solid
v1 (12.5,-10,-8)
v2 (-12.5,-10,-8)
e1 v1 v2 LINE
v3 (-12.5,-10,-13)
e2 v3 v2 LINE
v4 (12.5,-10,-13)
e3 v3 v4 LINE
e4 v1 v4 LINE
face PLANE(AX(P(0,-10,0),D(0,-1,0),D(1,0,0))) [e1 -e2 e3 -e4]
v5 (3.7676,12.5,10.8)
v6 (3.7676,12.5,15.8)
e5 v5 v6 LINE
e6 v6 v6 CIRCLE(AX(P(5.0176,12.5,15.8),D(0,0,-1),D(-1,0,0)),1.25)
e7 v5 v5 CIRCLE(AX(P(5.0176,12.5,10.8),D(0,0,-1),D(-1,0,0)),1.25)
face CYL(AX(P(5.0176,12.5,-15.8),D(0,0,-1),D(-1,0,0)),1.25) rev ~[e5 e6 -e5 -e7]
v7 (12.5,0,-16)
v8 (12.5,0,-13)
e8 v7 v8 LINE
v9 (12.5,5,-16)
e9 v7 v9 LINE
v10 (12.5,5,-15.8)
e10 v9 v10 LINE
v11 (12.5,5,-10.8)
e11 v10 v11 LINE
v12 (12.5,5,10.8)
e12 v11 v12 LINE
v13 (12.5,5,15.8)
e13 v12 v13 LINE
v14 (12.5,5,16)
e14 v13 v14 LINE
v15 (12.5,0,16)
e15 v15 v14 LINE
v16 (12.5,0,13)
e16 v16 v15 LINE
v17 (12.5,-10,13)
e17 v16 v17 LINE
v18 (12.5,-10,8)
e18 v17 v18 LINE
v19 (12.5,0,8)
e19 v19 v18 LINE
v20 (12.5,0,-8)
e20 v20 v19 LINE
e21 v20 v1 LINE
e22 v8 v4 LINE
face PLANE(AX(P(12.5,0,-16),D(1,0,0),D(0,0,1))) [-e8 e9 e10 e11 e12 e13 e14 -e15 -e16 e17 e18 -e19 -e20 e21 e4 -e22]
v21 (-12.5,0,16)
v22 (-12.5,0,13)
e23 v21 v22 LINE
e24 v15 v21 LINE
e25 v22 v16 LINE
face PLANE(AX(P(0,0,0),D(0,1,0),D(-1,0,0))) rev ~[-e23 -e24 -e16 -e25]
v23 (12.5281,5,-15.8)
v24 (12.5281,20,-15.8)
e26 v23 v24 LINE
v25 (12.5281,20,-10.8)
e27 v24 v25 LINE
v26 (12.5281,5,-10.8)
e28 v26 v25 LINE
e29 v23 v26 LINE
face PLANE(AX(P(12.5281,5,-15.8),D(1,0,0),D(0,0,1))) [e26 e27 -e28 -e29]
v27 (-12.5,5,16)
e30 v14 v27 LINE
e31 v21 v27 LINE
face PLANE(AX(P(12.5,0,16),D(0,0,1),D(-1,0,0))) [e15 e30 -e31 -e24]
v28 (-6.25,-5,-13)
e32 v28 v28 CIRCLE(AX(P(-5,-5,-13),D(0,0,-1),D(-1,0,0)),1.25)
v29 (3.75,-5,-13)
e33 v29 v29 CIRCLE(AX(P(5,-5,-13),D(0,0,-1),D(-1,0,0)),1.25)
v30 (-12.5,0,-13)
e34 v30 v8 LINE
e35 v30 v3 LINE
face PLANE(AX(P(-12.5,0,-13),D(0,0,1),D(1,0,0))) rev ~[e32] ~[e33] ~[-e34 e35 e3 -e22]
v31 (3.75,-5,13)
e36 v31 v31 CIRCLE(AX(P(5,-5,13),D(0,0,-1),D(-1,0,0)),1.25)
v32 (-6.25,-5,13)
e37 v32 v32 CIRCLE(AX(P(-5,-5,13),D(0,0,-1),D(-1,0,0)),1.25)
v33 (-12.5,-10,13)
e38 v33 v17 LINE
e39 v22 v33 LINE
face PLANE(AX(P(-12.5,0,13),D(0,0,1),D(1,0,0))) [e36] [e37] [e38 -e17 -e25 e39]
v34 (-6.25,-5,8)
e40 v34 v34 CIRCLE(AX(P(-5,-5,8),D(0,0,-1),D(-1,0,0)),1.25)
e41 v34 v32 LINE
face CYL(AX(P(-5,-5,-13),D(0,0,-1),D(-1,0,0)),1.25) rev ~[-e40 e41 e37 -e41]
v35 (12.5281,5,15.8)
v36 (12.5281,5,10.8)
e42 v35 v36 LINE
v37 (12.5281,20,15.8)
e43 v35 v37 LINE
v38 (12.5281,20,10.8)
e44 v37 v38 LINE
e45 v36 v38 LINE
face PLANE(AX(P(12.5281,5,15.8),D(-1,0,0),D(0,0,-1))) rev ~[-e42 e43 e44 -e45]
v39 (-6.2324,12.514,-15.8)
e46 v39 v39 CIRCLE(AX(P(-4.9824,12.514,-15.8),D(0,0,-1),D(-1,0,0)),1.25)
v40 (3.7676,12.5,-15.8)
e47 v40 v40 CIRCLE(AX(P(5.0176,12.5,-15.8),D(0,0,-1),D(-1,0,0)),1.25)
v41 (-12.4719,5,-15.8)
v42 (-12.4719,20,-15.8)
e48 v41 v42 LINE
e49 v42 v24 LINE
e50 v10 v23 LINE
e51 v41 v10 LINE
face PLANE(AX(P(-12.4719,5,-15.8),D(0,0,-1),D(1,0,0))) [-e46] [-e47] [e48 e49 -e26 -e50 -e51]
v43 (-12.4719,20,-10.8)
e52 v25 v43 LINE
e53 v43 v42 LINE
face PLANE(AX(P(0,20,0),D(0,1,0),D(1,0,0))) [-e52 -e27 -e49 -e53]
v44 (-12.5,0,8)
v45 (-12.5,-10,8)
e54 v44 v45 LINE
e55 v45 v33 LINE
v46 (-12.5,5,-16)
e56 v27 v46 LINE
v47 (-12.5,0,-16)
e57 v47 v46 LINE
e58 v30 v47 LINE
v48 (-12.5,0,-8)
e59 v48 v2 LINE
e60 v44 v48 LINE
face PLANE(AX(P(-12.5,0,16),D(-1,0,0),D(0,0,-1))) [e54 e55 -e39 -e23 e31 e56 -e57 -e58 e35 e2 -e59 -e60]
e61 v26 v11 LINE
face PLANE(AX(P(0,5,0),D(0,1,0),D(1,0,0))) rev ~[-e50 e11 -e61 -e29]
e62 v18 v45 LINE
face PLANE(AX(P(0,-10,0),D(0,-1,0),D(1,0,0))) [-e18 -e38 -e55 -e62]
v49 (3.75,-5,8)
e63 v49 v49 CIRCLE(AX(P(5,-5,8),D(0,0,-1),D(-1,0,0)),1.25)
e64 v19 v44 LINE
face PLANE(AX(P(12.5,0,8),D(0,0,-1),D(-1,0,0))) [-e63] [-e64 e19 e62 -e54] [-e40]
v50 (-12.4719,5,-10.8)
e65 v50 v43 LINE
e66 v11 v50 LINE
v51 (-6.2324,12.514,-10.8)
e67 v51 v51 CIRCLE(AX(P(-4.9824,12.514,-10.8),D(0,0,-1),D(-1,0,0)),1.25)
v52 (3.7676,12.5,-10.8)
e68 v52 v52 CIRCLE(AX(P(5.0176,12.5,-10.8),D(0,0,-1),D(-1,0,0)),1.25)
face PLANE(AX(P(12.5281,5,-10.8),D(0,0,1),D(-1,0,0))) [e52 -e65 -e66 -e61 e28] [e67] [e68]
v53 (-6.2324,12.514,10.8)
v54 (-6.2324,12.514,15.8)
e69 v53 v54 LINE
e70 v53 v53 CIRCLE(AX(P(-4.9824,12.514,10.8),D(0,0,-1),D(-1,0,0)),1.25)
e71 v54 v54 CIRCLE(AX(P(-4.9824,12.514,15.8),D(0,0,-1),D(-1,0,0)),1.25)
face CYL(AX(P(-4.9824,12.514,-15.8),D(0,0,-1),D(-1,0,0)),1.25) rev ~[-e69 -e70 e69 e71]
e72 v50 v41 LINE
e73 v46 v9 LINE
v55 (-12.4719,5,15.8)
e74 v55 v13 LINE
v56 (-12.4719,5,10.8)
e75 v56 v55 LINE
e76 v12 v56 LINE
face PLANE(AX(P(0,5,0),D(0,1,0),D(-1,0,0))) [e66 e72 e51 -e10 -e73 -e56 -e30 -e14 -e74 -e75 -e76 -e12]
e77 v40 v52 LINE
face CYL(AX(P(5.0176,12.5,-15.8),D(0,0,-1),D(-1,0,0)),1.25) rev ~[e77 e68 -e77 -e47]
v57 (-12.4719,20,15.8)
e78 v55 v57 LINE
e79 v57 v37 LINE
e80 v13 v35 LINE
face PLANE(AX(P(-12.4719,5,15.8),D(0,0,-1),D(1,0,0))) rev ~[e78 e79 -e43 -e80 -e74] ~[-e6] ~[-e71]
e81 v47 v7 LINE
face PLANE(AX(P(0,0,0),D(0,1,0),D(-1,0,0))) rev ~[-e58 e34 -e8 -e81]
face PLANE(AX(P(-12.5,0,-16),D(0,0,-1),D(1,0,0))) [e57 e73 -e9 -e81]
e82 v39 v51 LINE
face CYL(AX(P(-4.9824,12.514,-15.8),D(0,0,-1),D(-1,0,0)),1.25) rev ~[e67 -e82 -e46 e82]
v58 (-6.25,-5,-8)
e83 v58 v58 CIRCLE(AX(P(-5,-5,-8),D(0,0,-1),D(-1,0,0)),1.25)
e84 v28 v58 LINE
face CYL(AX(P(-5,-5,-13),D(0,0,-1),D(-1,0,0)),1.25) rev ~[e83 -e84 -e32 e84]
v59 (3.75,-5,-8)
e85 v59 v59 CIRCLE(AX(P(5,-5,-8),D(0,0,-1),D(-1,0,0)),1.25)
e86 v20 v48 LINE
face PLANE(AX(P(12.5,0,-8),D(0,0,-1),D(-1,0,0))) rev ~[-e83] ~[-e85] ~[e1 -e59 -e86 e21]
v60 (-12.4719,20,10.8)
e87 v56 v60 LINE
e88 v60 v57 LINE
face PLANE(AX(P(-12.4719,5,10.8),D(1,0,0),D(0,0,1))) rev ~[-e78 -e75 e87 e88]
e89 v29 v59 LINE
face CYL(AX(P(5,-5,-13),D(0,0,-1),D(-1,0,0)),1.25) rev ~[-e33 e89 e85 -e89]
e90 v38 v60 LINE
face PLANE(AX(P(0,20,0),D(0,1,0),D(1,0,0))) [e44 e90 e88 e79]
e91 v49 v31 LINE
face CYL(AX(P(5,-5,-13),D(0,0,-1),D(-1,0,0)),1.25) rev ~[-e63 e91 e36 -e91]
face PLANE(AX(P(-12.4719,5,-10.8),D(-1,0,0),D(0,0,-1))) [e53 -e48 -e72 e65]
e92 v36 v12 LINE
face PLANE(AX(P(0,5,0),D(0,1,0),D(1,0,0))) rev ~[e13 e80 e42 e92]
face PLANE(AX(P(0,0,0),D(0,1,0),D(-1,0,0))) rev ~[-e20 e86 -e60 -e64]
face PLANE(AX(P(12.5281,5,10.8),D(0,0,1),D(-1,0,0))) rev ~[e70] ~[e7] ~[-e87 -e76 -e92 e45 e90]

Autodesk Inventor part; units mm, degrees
ref_plane "YZ Plane" through (0, 0, 0) normal (1, 0, 0) x (0, 1, 0)
ref_plane "XZ Plane" through (0, 0, 0) normal (0, 1, 0) x (-1, 0, 0)
ref_plane "XY Plane" through (0, 0, 0) normal (0, 0, 1) x (1, 0, 0)
sketch "스케치1" plane through (0, 0, 0) normal (0, 1, 0) x (-1, 0, 0)
  line L0 (-12.5, 16) -> (12.5, 16)
  line L1 (12.5, 16) -> (12.5, -16)
  line L2 (12.5, -16) -> (-12.5, -16)
  line L3 (-12.5, -16) -> (-12.5, 16)
  line L4 (-12.5, 16) -> (12.5, -16) construction
  line L5 (12.5, 16) -> (-12.5, -16) construction
  point P0 (0, 0)
  dimension "d0" = 25
  dimension "d1" = 32
extrude "돌출1" add sketch "스케치1" along normal blind 5
sketch "스케치2" plane through (0, 5, 0) normal (0, 1, 0) x (1, 0, 0)
  line L0 (-12.4719, -15.8) -> (12.5281, -15.8)
  line L1 (12.5281, -15.8) -> (12.5281, -10.8)
  line L2 (12.5281, -10.8) -> (-12.4719, -10.8)
  line L3 (-12.4719, -10.8) -> (-12.4719, -15.8)
  line L4 (-12.5, 16) -> (-12.5, -16) projected
  line L5 (-12.5, 0) -> (12.5281, 0)
  line L6 (-12.4719, 15.8) -> (12.5281, 15.8)
  line L7 (12.5281, 15.8) -> (12.5281, 10.8)
  line L8 (12.5281, 10.8) -> (-12.4719, 10.8)
  line L9 (-12.4719, 10.8) -> (-12.4719, 15.8)
  line L10 (-12.5, -16) -> (-12.5, 16)
  point P0 (0, 0)
  dimension "d4" = 25
  dimension "d5" = 5
  dimension "d24" = 21.6
extrude "돌출2" add sketch "스케치2" along normal blind 15
sketch "스케치3" plane through (12.5, 5, -15.8) normal (0, 0, -1) x (-1, 0, 0)
  circle A0 centre (7.4824, 7.5) radius 1.25
  line L0 (12.5, -5) -> (12.4719, 15)
  line L1 (24.9719, 15) -> (-0.0281, 15) projected
  line L2 (0, 0) -> (25, 0) projected
  circle A1 centre (17.4824, 7.514) radius 1.25
  dimension "d8" = 2.5
  dimension "d9" = 5
  dimension "d10" = 7.5
extrude "돌출3" cut sketch "스케치3" against normal up to surface (31.6 mm away)
sketch "스케치4" plane through (0, 0, 0) normal (0, -1, 0) x (1, 0, 0)
  line L0 (-12.5, -16) -> (-12.5, 16) projected
  line L1 (12.5, 10.8) -> (12.5, -10.8) projected
  line L2 (-12.5, 13) -> (12.5, 13)
  line L3 (12.5, 13) -> (12.5, 8)
  line L4 (12.5, 8) -> (-12.5, 8)
  line L5 (-12.5, 8) -> (-12.5, 13)
  line L6 (-12.5, 0) -> (12.5, 0)
  line L7 (-12.5, 16) -> (-12.5, -16)
  line L8 (12.5, -10.8) -> (12.5, 10.8)
  line L9 (-12.5, -13) -> (12.5, -13)
  line L10 (12.5, -13) -> (12.5, -8)
  line L11 (12.5, -8) -> (-12.5, -8)
  line L12 (-12.5, -8) -> (-12.5, -13)
  point P0 (0, 0)
  point P1 (12.5, -8)
  point P2 (-12.5, -13)
  dimension "d13" = 8
  dimension "d14" = 5
extrude "돌출4" add sketch "스케치4" along normal blind 10 contours L0 L11 L1 L10 L9 | L0 L2 L3 L1 L4
sketch "스케치5" plane through (12.5, 0, -13) normal (0, 0, -1) x (-1, 0, 0)
  circle A0 centre (17.5, -5) radius 1.25
  line L0 (25, -10) -> (0, -10) projected
  line L1 (25, 0) -> (25, -10) projected
  line L2 (12.5, -10) -> (12.5, 0)
  circle A1 centre (7.5, -5) radius 1.25
  dimension "d17" = 2.5
  dimension "d18" = 5
  dimension "d22" = 5
extrude "돌출5" cut sketch "스케치5" against normal up to surface (26 mm away)
properties part number "Tensile_test_bottom_adapter2"
